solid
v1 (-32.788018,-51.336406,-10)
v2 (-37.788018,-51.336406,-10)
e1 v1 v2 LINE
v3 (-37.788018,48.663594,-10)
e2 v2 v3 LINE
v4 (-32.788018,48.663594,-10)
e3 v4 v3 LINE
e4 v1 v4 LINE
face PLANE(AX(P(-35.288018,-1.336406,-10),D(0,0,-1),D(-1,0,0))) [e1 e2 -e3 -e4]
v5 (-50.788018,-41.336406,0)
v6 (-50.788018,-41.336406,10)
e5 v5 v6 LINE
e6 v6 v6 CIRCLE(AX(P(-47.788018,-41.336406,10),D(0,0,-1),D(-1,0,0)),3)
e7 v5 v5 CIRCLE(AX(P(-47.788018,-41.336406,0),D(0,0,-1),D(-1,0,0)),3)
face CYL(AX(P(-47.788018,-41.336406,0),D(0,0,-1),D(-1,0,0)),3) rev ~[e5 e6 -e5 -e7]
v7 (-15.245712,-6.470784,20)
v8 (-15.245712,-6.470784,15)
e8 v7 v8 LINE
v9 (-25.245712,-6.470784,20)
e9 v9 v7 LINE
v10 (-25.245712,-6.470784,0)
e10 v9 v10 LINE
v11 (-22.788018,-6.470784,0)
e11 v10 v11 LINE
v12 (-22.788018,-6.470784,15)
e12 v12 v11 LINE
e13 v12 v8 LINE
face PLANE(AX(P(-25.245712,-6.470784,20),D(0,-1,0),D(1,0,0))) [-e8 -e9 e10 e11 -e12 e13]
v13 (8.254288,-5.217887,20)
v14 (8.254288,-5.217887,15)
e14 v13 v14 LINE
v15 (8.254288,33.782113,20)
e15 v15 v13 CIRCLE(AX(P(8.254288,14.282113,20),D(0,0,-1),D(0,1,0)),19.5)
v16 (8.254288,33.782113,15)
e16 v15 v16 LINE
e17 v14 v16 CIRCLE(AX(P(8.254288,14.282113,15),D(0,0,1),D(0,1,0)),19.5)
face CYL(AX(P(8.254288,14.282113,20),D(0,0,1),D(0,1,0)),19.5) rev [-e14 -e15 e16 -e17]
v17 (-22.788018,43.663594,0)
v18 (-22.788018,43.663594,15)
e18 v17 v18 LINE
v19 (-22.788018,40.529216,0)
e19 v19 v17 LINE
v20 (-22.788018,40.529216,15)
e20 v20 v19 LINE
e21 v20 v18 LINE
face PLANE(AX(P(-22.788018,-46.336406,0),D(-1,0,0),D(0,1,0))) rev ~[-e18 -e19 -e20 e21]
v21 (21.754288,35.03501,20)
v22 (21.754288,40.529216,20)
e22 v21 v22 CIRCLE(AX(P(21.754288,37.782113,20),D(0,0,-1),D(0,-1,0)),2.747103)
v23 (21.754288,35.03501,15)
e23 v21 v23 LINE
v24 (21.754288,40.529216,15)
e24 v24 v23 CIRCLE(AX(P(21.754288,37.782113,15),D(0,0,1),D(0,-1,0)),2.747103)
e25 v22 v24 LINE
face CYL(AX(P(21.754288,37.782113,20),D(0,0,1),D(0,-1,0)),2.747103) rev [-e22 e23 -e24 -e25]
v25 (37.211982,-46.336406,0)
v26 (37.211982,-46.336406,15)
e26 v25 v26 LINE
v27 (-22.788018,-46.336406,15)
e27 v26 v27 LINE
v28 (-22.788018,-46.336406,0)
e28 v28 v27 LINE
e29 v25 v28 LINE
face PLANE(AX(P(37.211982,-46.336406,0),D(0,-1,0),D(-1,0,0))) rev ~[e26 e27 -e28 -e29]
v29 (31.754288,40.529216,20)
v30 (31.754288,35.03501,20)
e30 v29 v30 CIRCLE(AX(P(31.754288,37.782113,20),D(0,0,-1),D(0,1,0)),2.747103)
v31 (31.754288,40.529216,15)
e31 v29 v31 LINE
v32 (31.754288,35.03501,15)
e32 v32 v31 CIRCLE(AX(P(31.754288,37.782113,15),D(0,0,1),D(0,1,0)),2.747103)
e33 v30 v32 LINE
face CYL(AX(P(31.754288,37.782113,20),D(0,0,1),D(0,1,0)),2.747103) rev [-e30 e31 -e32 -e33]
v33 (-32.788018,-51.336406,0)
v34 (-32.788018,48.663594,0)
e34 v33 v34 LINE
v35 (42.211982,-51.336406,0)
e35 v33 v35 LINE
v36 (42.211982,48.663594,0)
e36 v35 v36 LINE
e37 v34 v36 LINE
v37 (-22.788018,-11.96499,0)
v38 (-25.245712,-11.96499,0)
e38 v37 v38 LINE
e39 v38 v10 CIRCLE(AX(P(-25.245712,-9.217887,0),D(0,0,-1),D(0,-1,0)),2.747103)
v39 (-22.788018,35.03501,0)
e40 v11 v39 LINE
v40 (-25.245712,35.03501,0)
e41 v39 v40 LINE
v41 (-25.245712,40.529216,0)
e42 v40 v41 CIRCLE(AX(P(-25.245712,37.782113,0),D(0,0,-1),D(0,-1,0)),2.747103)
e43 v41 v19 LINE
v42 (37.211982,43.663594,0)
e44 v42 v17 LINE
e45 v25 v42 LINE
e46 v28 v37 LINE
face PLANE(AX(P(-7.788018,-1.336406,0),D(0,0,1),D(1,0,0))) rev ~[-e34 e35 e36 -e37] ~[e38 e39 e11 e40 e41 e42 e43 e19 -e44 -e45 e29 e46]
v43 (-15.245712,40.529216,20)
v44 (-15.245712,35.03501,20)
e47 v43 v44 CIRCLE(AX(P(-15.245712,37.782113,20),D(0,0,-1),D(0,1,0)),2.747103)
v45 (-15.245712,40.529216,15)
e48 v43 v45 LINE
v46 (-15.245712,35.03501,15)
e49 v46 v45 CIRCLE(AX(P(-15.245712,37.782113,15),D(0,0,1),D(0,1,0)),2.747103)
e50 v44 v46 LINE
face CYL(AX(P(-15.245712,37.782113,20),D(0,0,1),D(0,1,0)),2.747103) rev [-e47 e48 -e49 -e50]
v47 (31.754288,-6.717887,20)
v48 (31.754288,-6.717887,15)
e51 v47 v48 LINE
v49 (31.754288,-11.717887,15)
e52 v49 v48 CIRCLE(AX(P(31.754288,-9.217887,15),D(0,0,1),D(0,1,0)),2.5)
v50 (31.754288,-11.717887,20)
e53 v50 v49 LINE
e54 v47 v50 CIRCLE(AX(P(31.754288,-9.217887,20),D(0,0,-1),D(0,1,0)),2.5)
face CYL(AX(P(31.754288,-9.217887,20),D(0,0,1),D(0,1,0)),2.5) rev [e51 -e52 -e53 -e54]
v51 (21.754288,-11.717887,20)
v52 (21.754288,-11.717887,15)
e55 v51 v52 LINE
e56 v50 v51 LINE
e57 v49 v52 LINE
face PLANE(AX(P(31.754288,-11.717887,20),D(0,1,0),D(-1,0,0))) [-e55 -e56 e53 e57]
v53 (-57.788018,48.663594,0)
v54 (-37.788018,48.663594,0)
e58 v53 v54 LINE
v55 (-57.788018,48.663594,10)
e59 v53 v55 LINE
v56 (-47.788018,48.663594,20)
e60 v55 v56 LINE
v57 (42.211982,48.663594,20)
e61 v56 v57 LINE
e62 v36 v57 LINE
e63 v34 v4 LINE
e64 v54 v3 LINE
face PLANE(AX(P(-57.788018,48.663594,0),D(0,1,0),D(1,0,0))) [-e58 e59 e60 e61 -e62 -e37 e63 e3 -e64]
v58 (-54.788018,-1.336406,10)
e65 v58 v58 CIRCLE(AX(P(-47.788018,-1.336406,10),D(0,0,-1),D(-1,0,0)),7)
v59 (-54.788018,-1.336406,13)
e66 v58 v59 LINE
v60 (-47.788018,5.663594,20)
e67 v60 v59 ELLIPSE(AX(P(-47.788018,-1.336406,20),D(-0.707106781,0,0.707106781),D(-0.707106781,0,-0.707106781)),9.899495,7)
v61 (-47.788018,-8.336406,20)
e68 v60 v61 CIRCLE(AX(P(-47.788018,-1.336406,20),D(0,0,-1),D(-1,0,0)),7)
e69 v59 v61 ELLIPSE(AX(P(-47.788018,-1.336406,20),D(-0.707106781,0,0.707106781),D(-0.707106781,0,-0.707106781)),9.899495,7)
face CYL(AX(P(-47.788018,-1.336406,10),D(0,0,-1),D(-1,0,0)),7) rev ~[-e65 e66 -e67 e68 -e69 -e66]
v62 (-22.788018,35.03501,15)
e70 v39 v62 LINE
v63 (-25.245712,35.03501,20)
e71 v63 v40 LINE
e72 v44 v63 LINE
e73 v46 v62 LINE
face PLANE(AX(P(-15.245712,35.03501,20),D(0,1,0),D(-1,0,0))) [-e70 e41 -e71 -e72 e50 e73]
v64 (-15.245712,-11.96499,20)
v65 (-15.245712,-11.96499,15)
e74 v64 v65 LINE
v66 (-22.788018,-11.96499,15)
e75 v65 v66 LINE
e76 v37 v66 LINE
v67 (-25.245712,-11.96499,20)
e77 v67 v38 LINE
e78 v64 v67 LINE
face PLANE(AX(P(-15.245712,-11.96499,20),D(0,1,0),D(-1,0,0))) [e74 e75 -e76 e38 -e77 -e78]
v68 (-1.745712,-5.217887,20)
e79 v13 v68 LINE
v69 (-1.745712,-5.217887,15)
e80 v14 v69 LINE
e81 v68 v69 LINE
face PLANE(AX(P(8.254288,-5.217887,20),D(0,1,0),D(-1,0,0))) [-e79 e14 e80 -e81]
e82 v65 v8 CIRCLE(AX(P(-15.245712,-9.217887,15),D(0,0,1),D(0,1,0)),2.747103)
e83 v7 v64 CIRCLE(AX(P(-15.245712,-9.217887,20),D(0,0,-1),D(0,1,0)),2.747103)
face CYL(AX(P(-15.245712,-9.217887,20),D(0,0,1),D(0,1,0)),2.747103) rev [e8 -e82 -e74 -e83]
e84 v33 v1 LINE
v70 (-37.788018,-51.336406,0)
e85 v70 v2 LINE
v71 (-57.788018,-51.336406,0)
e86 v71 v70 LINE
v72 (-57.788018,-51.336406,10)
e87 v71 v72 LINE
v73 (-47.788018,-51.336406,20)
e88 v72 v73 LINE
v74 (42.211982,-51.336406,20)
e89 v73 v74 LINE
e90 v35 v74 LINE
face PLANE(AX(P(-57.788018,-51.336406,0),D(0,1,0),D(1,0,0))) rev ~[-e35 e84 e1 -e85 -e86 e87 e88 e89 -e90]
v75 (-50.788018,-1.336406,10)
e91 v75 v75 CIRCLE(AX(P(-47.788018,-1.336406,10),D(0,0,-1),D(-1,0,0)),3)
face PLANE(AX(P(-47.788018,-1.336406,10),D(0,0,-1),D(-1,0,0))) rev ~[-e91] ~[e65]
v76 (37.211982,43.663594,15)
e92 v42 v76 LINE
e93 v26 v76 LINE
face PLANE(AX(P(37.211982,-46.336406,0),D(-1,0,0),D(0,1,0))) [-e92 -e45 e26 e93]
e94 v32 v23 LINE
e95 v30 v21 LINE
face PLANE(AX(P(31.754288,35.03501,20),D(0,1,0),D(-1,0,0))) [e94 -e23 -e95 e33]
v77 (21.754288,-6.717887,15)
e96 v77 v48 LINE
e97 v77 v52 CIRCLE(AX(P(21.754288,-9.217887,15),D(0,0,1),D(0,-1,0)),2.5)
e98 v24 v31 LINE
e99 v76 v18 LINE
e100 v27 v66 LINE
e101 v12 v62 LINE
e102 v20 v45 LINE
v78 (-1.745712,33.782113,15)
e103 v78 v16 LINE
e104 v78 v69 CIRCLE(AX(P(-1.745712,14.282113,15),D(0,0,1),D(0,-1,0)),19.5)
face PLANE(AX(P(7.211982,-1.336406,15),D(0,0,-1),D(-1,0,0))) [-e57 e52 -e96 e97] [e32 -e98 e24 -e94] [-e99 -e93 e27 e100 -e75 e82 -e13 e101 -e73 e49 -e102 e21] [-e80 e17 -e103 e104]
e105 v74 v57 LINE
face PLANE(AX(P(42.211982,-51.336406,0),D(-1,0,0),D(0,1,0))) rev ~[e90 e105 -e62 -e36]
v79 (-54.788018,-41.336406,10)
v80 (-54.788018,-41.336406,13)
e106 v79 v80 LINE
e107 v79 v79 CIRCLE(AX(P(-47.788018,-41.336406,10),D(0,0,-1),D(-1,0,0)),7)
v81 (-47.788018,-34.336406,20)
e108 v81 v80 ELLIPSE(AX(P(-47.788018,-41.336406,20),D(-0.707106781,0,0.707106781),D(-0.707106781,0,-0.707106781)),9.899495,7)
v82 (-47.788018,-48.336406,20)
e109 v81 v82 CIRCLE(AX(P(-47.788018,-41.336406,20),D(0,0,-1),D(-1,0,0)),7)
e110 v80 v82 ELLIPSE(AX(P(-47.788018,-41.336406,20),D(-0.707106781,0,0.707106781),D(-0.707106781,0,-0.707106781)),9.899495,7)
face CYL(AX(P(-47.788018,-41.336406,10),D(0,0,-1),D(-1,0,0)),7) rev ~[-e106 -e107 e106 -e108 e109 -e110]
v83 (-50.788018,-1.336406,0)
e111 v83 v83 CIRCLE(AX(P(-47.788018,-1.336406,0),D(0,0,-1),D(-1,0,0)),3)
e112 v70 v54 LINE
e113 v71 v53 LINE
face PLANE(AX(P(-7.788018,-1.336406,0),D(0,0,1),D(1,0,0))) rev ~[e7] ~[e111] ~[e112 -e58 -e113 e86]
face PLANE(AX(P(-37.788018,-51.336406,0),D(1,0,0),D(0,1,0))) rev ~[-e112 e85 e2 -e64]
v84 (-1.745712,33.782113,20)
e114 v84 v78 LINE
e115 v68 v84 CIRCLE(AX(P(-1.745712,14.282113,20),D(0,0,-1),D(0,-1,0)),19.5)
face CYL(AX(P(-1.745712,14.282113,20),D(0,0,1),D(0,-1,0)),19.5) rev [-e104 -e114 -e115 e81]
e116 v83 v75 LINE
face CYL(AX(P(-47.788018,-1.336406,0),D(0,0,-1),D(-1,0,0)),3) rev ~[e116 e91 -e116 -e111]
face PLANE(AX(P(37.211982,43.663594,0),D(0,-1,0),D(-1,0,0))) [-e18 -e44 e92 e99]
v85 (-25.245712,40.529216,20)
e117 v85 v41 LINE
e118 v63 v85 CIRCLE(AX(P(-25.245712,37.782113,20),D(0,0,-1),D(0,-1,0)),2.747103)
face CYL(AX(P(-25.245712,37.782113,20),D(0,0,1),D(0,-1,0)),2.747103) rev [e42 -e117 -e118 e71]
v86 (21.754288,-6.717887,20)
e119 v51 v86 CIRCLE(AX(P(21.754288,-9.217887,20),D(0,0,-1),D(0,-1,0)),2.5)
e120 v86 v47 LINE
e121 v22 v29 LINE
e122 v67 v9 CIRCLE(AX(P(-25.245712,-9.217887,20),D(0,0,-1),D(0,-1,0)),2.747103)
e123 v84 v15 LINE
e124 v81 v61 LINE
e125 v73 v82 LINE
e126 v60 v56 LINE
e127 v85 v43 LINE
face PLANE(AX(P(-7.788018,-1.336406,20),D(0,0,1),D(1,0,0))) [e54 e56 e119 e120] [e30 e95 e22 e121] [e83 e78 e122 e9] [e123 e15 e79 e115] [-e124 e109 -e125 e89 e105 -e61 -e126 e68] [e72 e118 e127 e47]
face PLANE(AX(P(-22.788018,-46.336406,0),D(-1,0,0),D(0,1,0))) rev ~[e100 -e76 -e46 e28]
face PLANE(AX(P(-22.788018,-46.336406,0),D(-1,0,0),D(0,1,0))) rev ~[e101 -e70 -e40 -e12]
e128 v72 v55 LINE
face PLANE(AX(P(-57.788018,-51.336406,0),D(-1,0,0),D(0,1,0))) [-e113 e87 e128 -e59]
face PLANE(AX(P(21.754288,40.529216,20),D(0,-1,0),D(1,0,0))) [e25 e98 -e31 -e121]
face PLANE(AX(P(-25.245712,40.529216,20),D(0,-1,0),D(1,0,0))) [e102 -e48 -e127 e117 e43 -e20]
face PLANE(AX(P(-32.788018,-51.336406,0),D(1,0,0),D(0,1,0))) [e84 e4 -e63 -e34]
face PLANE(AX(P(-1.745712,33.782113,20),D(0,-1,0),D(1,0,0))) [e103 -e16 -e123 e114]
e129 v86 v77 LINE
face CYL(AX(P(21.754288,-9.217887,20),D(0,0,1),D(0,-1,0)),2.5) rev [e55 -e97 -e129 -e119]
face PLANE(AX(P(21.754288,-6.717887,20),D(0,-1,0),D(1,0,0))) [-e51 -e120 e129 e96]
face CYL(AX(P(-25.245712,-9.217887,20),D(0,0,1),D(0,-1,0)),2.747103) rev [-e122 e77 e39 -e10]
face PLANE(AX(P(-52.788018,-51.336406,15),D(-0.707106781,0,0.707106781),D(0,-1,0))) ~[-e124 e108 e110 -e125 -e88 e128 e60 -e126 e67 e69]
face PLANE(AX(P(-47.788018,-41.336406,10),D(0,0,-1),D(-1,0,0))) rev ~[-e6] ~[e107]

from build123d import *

# Parameters (mm, degrees)
SKETCH1_W           = 100
SKETCH1_H           = 100
BOSS_EXTRUDE1_DEPTH = 20
CUT_EXTRUDE1_DEPTH  = 20
SKETCH6_W           = 60
SKETCH6_H           = 90
CUT_EXTRUDE2_DEPTH  = 15
SKETCH2_W           = 5
SKETCH2_H           = 100
BOSS_EXTRUDE2_DEPTH = 10
CHAMFER1_SIZE       = 10
SKETCH7_R           = 3
CUT_EXTRUDE3_DEPTH  = 50
CUT_EXTRUDE4_START  = -10
SKETCH9_R           = 7
CUT_EXTRUDE4_DEPTH  = 50
LPATTERN1_COUNT     = 2
LPATTERN1_PITCH     = 40


with BuildPart() as part:
    # Sketch1 → Boss-Extrude1 (new body)
    with BuildSketch(Plane.XY):
        with Locations((-7.788018433, -1.33640553)):
            Rectangle(SKETCH1_W, SKETCH1_H)
    extrude(amount=BOSS_EXTRUDE1_DEPTH)

    # Sketch5 → Cut-Extrude1 (cut)
    with BuildSketch(Plane.XY.offset(20)):
        with BuildLine():
            Line((31.754288081, -11.717886794), (21.754288081, -11.717886794))
            ThreePointArc((21.754288081, -11.717886794), (19.254288081, -9.217886794), (21.754288081, -6.717886794))
            Line((21.754288081, -6.717886794), (31.754288081, -6.717886794))
            ThreePointArc((31.754288081, -6.717886794), (34.254288081, -9.217886794), (31.754288081, -11.717886794))
        make_face()
        with BuildLine():
            Line((8.254288081, -5.217886794), (-1.745711919, -5.217886794))
            ThreePointArc((-1.745711919, -5.217886794), (-21.245711919, 14.282113206), (-1.745711919, 33.782113206))
            Line((-1.745711919, 33.782113206), (8.254288081, 33.782113206))
            ThreePointArc((8.254288081, 33.782113206), (27.754288081, 14.282113206), (8.254288081, -5.217886794))
        make_face()
        with BuildLine():
            Line((31.754288081, 35.035010382), (21.754288081, 35.035010382))
            ThreePointArc((21.754288081, 35.035010382), (19.007185257, 37.782113206), (21.754288081, 40.52921603))
            Line((21.754288081, 40.52921603), (31.754288081, 40.52921603))
            ThreePointArc((31.754288081, 40.52921603), (34.501390905, 37.782113206), (31.754288081, 35.035010382))
        make_face()
        with BuildLine():
            Line((-15.245711919, 35.035010382), (-25.245711919, 35.035010382))
            ThreePointArc((-25.245711919, 35.035010382), (-27.992814743, 37.782113206), (-25.245711919, 40.52921603))
            Line((-25.245711919, 40.52921603), (-15.245711919, 40.52921603))
            ThreePointArc((-15.245711919, 40.52921603), (-12.498609095, 37.782113206), (-15.245711919, 35.035010382))
        make_face()
        with BuildLine():
            Line((-15.245711919, -11.964989618), (-25.245711919, -11.964989618))
            ThreePointArc((-25.245711919, -11.964989618), (-27.992814743, -9.217886794), (-25.245711919, -6.47078397))
            Line((-25.245711919, -6.47078397), (-15.245711919, -6.47078397))
            ThreePointArc((-15.245711919, -6.47078397), (-12.498609095, -9.217886794), (-15.245711919, -11.964989618))
        make_face()
    extrude(amount=-CUT_EXTRUDE1_DEPTH, mode=Mode.SUBTRACT)

    # Sketch6 → Cut-Extrude2 (cut)
    with BuildSketch(Plane(origin=(0, 0, 0), x_dir=(-1, 0, 0), z_dir=(0, 0, -1))):
        with Locations((-7.211981567, -1.33640553)):
            Rectangle(SKETCH6_W, SKETCH6_H)
    extrude(amount=-CUT_EXTRUDE2_DEPTH, mode=Mode.SUBTRACT)

    # Sketch2 → Boss-Extrude2 (add)
    with BuildSketch(Plane(origin=(0, 0, 0), x_dir=(-1, 0, 0), z_dir=(0, 0, -1))):
        with Locations((35.288018433, -1.33640553)):
            Rectangle(SKETCH2_W, SKETCH2_H)
    extrude(amount=BOSS_EXTRUDE2_DEPTH)

    # Chamfer1
    chamfer1_edges = [part.edges().sort_by_distance(p)[0] for p in [
        (-57.788018433, -1.33640553, 20),
    ]]
    chamfer(chamfer1_edges, length=CHAMFER1_SIZE)

    # Sketch7 → Cut-Extrude3 (cut)
    with BuildSketch(Plane(origin=(0, 0, 0), x_dir=(-1, 0, 0), z_dir=(0, 0, -1))):
        with Locations((47.788018433, -41.33640553)):
            Circle(SKETCH7_R)
    cut_extrude3 = extrude(amount=-CUT_EXTRUDE3_DEPTH, mode=Mode.SUBTRACT)

    # Sketch9 → Cut-Extrude4 (cut)
    with BuildSketch(Plane(origin=(0, 0, 0), x_dir=(-1, 0, 0), z_dir=(0, 0, -1)).offset(CUT_EXTRUDE4_START)):
        with Locations((47.788018433, -41.33640553)):
            Circle(SKETCH9_R)
    cut_extrude4 = extrude(amount=-CUT_EXTRUDE4_DEPTH, mode=Mode.SUBTRACT)

    # LPattern1: Cut-Extrude3, Cut-Extrude4 ×2
    with Locations(*[(0, i * LPATTERN1_PITCH, 0) for i in range(1, LPATTERN1_COUNT)]):
        add(cut_extrude3, mode=Mode.SUBTRACT)
        add(cut_extrude4, mode=Mode.SUBTRACT)


solid = part.part
